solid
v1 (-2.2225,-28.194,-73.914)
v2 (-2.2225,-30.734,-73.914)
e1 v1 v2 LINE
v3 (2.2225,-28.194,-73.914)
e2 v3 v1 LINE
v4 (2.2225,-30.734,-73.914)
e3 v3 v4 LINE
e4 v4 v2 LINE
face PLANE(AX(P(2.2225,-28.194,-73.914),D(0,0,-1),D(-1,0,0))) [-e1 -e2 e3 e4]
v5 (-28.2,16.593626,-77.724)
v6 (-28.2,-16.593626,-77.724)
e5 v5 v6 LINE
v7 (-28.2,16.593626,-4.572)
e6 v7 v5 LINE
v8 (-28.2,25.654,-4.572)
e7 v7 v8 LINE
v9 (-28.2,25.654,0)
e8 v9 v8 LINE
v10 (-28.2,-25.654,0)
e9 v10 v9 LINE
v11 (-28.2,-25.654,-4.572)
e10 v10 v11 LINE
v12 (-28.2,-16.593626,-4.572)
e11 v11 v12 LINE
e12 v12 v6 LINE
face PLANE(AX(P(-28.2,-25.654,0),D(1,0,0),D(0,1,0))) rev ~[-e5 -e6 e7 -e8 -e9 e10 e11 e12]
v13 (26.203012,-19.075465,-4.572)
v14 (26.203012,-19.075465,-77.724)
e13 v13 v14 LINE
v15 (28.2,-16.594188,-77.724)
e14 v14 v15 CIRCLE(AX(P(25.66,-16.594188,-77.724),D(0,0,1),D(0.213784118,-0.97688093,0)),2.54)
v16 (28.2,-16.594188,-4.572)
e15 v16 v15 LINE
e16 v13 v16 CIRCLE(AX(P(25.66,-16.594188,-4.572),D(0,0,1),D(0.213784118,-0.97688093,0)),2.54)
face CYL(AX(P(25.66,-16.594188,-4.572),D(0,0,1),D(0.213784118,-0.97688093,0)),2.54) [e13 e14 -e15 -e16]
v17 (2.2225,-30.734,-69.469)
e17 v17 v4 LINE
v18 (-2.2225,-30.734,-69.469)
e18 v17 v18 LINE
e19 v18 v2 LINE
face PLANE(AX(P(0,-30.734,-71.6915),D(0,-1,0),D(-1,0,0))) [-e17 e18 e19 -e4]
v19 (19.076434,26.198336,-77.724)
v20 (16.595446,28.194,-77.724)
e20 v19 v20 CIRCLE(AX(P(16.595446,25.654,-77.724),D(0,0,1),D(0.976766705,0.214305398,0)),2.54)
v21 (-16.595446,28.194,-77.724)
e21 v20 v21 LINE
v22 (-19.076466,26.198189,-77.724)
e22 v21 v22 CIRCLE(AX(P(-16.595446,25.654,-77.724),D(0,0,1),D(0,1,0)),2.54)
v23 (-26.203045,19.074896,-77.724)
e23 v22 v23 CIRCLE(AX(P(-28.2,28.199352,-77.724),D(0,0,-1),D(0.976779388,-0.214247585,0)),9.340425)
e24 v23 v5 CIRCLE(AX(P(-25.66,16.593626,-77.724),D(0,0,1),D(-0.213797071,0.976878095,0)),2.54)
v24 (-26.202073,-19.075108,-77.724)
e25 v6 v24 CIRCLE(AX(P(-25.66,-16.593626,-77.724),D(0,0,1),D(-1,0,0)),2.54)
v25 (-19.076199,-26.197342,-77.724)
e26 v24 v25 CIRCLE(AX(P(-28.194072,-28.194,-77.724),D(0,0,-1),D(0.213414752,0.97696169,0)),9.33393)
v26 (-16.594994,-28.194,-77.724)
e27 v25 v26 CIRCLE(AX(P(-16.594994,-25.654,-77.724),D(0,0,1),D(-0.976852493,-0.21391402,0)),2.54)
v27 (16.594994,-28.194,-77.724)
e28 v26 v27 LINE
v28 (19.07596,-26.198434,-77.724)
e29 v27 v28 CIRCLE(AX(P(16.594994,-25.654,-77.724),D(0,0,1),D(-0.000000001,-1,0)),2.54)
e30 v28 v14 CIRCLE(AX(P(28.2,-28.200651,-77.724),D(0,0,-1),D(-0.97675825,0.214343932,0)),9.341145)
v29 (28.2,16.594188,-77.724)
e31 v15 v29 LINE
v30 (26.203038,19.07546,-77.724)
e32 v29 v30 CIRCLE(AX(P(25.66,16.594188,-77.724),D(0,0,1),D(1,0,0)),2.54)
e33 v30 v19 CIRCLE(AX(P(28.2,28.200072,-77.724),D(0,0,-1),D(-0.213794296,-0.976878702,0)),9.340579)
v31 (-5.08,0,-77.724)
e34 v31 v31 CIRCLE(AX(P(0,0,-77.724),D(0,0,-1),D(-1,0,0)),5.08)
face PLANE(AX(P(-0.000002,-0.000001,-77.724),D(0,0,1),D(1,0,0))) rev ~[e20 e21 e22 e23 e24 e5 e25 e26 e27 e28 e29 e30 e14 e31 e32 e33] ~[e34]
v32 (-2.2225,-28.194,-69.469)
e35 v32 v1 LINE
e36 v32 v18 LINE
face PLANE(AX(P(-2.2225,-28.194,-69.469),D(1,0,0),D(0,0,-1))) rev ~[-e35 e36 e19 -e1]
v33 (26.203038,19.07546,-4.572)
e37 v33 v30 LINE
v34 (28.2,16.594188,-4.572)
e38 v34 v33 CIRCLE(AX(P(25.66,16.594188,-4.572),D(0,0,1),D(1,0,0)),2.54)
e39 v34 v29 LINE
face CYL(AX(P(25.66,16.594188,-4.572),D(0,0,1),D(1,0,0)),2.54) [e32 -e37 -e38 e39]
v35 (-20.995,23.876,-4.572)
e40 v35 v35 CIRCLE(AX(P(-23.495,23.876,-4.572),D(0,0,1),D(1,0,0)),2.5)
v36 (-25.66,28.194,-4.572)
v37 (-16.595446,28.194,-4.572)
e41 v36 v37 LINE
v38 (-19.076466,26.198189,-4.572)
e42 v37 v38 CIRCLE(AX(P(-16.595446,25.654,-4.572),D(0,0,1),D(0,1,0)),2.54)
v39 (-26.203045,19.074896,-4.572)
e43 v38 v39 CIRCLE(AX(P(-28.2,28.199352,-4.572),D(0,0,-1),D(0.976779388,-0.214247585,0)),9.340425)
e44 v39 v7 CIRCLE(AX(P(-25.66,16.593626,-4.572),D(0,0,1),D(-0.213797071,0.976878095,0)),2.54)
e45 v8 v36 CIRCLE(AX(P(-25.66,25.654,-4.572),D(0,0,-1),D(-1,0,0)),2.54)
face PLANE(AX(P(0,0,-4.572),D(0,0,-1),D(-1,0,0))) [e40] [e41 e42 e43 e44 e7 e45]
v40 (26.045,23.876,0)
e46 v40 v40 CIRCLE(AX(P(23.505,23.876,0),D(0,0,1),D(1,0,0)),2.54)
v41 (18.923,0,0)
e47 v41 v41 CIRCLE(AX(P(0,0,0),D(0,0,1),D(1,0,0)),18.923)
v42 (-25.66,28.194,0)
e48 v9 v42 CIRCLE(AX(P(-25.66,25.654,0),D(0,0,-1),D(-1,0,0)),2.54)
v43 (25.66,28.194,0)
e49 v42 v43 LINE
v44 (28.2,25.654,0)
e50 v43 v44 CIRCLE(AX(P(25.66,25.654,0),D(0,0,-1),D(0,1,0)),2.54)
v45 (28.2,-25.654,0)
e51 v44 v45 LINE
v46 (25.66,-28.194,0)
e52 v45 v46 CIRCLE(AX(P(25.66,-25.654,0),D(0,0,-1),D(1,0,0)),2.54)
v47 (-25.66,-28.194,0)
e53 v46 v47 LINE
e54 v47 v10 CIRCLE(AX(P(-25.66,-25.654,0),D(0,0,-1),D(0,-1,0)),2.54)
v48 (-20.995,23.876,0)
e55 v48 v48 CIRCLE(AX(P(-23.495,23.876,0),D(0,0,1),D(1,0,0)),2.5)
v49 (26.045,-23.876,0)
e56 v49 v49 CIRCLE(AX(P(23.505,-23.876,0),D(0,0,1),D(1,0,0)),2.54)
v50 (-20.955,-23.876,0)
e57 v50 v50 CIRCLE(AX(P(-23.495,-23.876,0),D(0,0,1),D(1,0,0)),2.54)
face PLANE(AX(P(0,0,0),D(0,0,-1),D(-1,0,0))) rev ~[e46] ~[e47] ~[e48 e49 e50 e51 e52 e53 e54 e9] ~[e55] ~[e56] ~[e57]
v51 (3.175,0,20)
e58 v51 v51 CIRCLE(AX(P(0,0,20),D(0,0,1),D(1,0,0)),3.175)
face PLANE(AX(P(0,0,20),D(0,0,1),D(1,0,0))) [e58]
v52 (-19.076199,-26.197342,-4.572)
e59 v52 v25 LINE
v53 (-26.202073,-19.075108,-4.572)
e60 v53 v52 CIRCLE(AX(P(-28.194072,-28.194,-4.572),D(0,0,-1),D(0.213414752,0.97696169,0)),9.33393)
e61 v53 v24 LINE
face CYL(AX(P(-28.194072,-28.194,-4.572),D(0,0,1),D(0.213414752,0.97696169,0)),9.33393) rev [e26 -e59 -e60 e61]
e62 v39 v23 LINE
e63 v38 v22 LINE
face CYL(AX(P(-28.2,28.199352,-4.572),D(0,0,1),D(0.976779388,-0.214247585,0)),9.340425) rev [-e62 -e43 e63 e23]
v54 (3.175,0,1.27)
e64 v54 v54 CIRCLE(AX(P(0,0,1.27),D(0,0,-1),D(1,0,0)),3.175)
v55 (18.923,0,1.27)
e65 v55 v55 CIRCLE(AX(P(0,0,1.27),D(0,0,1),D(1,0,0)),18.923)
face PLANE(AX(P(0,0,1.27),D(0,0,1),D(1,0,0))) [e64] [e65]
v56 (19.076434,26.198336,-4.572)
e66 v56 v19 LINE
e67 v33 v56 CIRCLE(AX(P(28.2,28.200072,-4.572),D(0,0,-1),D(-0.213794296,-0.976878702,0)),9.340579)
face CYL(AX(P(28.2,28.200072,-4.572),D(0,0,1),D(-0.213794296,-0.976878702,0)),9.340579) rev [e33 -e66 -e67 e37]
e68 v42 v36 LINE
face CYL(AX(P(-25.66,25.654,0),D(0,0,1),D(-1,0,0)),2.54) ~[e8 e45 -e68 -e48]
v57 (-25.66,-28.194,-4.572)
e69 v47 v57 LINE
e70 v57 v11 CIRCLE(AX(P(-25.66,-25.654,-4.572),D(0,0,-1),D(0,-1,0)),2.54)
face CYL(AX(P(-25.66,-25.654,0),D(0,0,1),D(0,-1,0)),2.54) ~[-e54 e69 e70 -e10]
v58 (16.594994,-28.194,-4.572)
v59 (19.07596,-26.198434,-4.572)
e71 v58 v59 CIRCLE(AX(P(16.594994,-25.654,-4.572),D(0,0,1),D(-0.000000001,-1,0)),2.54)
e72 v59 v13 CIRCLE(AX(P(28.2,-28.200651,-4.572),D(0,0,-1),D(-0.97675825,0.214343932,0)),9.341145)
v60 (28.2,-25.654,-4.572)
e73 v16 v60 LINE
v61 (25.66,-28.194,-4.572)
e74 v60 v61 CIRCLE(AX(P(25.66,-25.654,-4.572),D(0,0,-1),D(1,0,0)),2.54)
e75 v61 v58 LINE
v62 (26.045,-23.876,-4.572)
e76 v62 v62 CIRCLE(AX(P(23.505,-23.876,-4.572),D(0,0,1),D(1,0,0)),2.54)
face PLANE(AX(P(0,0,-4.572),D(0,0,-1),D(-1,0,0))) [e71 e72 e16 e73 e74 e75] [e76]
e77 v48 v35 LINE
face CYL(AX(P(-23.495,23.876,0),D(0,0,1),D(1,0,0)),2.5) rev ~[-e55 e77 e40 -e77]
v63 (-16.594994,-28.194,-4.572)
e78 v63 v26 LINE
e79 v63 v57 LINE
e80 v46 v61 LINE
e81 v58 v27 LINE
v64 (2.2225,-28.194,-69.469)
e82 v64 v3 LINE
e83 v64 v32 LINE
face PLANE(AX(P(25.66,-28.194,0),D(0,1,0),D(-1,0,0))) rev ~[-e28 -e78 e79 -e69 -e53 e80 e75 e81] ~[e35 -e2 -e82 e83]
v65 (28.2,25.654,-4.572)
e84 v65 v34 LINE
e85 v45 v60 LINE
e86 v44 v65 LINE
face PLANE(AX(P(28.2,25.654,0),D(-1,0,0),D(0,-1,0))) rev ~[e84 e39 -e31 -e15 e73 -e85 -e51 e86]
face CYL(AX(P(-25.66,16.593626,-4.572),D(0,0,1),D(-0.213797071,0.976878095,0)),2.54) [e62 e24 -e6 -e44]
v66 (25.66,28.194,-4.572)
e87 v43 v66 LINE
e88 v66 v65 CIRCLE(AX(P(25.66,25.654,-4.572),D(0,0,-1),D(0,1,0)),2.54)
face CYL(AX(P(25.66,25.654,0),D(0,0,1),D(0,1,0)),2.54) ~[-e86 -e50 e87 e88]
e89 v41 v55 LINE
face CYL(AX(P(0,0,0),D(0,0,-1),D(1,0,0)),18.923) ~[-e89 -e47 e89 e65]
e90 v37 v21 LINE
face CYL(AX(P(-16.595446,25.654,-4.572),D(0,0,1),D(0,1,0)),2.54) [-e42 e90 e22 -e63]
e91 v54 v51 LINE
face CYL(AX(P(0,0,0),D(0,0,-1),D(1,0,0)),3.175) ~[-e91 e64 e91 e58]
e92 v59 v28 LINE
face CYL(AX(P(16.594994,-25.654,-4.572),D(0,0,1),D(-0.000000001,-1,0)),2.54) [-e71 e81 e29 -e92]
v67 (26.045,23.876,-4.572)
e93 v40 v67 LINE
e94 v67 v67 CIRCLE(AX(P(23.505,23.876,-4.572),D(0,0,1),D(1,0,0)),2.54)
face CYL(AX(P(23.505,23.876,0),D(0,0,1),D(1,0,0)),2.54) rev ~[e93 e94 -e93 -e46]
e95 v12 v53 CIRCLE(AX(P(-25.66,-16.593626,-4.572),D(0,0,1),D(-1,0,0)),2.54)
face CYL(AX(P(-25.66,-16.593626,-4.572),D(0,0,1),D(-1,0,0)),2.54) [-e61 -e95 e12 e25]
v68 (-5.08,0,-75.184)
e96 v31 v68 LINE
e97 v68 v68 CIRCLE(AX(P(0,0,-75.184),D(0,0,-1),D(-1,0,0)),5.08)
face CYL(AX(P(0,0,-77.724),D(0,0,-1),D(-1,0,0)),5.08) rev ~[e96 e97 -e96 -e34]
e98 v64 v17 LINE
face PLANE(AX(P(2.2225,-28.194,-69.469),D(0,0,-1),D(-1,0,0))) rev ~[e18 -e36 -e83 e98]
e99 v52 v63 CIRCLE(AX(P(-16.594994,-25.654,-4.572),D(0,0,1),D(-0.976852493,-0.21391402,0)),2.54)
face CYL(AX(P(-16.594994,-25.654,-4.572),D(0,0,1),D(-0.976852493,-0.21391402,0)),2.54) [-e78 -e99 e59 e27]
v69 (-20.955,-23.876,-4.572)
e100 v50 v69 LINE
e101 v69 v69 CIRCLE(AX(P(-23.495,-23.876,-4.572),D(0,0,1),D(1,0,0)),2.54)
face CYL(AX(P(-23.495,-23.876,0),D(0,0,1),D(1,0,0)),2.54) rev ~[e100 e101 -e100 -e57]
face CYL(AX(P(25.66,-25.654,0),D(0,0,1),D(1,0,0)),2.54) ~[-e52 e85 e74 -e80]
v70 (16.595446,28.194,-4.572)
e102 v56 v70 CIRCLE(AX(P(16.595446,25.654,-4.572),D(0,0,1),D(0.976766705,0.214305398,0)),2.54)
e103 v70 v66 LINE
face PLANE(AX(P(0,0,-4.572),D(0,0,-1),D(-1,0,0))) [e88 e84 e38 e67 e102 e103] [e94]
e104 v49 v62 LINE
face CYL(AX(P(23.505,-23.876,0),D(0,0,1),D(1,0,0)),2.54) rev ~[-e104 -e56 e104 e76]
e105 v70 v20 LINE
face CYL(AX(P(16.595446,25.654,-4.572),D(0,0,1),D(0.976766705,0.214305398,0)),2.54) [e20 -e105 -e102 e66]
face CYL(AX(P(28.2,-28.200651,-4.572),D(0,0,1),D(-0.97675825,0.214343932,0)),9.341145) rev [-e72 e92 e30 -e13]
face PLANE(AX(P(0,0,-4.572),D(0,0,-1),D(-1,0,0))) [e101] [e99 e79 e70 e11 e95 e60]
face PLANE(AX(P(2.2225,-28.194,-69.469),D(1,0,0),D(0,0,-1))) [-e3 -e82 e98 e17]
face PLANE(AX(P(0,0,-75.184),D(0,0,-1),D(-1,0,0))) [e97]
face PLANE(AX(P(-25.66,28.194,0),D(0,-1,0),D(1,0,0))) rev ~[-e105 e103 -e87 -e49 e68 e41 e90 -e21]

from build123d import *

# Parameters (mm, degrees)
BOSS_EXTRUDE1_DEPTH = 4.572
SKETCH2_R           = 2.5
SKETCH2_R_2         = 2.54
CUT_EXTRUDE1_DEPTH  = 12.7
SKETCH3_R           = 3.175
BOSS_EXTRUDE2_DEPTH = 20
BOSS_EXTRUDE3_DEPTH = 73.152
SKETCH7_R           = 5.08
CUT_EXTRUDE2_DEPTH  = 2.54
SKETCH8_W           = 4.445
SKETCH8_H           = 4.445
BOSS_EXTRUDE4_DEPTH = 2.54
SKETCH9_R           = 18.923
BOSS_EXTRUDE5_DEPTH = 1.27


with BuildPart() as part:
    # Sketch1 → Boss-Extrude1 (new body)
    with BuildSketch(Plane.XY):
        with BuildLine():
            Line((-25.66, 28.194), (25.66, 28.194))
            ThreePointArc((25.66, 28.194), (27.456051224, 27.450051224), (28.2, 25.654))
            Line((28.2, 25.654), (28.2, -25.654))
            ThreePointArc((28.2, -25.654), (27.456051224, -27.450051224), (25.66, -28.194))
            Line((25.66, -28.194), (-25.66, -28.194))
            ThreePointArc((-25.66, -28.194), (-27.456051224, -27.450051224), (-28.2, -25.654))
            Line((-28.2, -25.654), (-28.2, 25.654))
            ThreePointArc((-28.2, 25.654), (-27.456051224, 27.450051224), (-25.66, 28.194))
        make_face()
    extrude(amount=-BOSS_EXTRUDE1_DEPTH)

    # Sketch2 → Cut-Extrude1 (cut)
    with BuildSketch(Plane.XY):
        with Locations((-23.495, 23.876)):
            Circle(SKETCH2_R)
        with Locations((23.505, 23.876)):
            Circle(SKETCH2_R_2)
        with Locations((-23.495, -23.876)):
            Circle(SKETCH2_R_2)
        with Locations((23.505, -23.876)):
            Circle(SKETCH2_R_2)
    extrude(amount=-CUT_EXTRUDE1_DEPTH, mode=Mode.SUBTRACT)

    # Sketch3 → Boss-Extrude2 (add)
    with BuildSketch(Plane.XY):
        Circle(SKETCH3_R)
    extrude(amount=BOSS_EXTRUDE2_DEPTH)

    # Sketch6 → Boss-Extrude3 (add)
    with BuildSketch(Plane(origin=(0, 0, -4.572), x_dir=(-1, 0, 0), z_dir=(0, 0, -1))):
        with BuildLine():
            Line((-16.59544611, 28.194), (16.59544611, 28.194))
            ThreePointArc((16.59544611, 28.194), (18.187513991, 27.633120982), (19.076465755, 26.198188868))
            ThreePointArc((19.076465755, 26.198188868), (21.596845623, 21.593151837), (26.203044563, 19.07489608))
            ThreePointArc((26.203044563, 19.07489608), (27.638753799, 18.186149944), (28.2, 16.59362572))
            Line((28.2, 16.59362572), (28.2, -16.59362572))
            ThreePointArc((28.2, -16.59362572), (27.638442141, -18.186537109), (26.202073469, -19.075108412))
            ThreePointArc((26.202073469, -19.075108412), (21.595673614, -21.592228782), (19.076199379, -26.19734161))
            ThreePointArc((19.076199379, -26.19734161), (18.187399824, -27.632849121), (16.594994048, -28.194))
            Line((16.594994048, -28.194), (-16.594994048, -28.194))
            ThreePointArc((-16.594994048, -28.194), (-18.18696432, -27.633199499), (-19.075960003, -26.198433587))
            ThreePointArc((-19.075960003, -26.198433587), (-21.596706334, -21.593572144), (-26.203011658, -19.07546527))
            ThreePointArc((-26.203011658, -19.07546527), (-27.638743239, -18.186725052), (-28.2, -16.594187708))
            Line((-28.2, -16.594187708), (-28.2, 16.594187708))
            ThreePointArc((-28.2, 16.594187708), (-27.638751536, 18.186714743), (-26.203037512, 19.075459612))
            ThreePointArc((-26.203037512, 19.075459612), (-21.596941467, 21.593557838), (-19.076433541, 26.198335711))
            ThreePointArc((-19.076433541, 26.198335711), (-18.187455421, 27.633168096), (-16.59544611, 28.194))
        make_face()
    extrude(amount=BOSS_EXTRUDE3_DEPTH)

    # Sketch7 → Cut-Extrude2 (cut)
    with BuildSketch(Plane(origin=(0, 0, -77.724), x_dir=(-1, 0, 0), z_dir=(0, 0, -1))):
        Circle(SKETCH7_R)
    extrude(amount=-CUT_EXTRUDE2_DEPTH, mode=Mode.SUBTRACT)

    # Sketch8 → Boss-Extrude4 (add)
    with BuildSketch(Plane(origin=(0, -28.194, 0), x_dir=(-1, 0, 0), z_dir=(0, -1, 0))):
        with Locations((0, 71.6915)):
            Rectangle(SKETCH8_W, SKETCH8_H)
    extrude(amount=BOSS_EXTRUDE4_DEPTH)

    # Sketch9 → Boss-Extrude5 (add)
    with BuildSketch(Plane.XY):
        Circle(SKETCH9_R)
    extrude(amount=BOSS_EXTRUDE5_DEPTH)


solid = part.part
